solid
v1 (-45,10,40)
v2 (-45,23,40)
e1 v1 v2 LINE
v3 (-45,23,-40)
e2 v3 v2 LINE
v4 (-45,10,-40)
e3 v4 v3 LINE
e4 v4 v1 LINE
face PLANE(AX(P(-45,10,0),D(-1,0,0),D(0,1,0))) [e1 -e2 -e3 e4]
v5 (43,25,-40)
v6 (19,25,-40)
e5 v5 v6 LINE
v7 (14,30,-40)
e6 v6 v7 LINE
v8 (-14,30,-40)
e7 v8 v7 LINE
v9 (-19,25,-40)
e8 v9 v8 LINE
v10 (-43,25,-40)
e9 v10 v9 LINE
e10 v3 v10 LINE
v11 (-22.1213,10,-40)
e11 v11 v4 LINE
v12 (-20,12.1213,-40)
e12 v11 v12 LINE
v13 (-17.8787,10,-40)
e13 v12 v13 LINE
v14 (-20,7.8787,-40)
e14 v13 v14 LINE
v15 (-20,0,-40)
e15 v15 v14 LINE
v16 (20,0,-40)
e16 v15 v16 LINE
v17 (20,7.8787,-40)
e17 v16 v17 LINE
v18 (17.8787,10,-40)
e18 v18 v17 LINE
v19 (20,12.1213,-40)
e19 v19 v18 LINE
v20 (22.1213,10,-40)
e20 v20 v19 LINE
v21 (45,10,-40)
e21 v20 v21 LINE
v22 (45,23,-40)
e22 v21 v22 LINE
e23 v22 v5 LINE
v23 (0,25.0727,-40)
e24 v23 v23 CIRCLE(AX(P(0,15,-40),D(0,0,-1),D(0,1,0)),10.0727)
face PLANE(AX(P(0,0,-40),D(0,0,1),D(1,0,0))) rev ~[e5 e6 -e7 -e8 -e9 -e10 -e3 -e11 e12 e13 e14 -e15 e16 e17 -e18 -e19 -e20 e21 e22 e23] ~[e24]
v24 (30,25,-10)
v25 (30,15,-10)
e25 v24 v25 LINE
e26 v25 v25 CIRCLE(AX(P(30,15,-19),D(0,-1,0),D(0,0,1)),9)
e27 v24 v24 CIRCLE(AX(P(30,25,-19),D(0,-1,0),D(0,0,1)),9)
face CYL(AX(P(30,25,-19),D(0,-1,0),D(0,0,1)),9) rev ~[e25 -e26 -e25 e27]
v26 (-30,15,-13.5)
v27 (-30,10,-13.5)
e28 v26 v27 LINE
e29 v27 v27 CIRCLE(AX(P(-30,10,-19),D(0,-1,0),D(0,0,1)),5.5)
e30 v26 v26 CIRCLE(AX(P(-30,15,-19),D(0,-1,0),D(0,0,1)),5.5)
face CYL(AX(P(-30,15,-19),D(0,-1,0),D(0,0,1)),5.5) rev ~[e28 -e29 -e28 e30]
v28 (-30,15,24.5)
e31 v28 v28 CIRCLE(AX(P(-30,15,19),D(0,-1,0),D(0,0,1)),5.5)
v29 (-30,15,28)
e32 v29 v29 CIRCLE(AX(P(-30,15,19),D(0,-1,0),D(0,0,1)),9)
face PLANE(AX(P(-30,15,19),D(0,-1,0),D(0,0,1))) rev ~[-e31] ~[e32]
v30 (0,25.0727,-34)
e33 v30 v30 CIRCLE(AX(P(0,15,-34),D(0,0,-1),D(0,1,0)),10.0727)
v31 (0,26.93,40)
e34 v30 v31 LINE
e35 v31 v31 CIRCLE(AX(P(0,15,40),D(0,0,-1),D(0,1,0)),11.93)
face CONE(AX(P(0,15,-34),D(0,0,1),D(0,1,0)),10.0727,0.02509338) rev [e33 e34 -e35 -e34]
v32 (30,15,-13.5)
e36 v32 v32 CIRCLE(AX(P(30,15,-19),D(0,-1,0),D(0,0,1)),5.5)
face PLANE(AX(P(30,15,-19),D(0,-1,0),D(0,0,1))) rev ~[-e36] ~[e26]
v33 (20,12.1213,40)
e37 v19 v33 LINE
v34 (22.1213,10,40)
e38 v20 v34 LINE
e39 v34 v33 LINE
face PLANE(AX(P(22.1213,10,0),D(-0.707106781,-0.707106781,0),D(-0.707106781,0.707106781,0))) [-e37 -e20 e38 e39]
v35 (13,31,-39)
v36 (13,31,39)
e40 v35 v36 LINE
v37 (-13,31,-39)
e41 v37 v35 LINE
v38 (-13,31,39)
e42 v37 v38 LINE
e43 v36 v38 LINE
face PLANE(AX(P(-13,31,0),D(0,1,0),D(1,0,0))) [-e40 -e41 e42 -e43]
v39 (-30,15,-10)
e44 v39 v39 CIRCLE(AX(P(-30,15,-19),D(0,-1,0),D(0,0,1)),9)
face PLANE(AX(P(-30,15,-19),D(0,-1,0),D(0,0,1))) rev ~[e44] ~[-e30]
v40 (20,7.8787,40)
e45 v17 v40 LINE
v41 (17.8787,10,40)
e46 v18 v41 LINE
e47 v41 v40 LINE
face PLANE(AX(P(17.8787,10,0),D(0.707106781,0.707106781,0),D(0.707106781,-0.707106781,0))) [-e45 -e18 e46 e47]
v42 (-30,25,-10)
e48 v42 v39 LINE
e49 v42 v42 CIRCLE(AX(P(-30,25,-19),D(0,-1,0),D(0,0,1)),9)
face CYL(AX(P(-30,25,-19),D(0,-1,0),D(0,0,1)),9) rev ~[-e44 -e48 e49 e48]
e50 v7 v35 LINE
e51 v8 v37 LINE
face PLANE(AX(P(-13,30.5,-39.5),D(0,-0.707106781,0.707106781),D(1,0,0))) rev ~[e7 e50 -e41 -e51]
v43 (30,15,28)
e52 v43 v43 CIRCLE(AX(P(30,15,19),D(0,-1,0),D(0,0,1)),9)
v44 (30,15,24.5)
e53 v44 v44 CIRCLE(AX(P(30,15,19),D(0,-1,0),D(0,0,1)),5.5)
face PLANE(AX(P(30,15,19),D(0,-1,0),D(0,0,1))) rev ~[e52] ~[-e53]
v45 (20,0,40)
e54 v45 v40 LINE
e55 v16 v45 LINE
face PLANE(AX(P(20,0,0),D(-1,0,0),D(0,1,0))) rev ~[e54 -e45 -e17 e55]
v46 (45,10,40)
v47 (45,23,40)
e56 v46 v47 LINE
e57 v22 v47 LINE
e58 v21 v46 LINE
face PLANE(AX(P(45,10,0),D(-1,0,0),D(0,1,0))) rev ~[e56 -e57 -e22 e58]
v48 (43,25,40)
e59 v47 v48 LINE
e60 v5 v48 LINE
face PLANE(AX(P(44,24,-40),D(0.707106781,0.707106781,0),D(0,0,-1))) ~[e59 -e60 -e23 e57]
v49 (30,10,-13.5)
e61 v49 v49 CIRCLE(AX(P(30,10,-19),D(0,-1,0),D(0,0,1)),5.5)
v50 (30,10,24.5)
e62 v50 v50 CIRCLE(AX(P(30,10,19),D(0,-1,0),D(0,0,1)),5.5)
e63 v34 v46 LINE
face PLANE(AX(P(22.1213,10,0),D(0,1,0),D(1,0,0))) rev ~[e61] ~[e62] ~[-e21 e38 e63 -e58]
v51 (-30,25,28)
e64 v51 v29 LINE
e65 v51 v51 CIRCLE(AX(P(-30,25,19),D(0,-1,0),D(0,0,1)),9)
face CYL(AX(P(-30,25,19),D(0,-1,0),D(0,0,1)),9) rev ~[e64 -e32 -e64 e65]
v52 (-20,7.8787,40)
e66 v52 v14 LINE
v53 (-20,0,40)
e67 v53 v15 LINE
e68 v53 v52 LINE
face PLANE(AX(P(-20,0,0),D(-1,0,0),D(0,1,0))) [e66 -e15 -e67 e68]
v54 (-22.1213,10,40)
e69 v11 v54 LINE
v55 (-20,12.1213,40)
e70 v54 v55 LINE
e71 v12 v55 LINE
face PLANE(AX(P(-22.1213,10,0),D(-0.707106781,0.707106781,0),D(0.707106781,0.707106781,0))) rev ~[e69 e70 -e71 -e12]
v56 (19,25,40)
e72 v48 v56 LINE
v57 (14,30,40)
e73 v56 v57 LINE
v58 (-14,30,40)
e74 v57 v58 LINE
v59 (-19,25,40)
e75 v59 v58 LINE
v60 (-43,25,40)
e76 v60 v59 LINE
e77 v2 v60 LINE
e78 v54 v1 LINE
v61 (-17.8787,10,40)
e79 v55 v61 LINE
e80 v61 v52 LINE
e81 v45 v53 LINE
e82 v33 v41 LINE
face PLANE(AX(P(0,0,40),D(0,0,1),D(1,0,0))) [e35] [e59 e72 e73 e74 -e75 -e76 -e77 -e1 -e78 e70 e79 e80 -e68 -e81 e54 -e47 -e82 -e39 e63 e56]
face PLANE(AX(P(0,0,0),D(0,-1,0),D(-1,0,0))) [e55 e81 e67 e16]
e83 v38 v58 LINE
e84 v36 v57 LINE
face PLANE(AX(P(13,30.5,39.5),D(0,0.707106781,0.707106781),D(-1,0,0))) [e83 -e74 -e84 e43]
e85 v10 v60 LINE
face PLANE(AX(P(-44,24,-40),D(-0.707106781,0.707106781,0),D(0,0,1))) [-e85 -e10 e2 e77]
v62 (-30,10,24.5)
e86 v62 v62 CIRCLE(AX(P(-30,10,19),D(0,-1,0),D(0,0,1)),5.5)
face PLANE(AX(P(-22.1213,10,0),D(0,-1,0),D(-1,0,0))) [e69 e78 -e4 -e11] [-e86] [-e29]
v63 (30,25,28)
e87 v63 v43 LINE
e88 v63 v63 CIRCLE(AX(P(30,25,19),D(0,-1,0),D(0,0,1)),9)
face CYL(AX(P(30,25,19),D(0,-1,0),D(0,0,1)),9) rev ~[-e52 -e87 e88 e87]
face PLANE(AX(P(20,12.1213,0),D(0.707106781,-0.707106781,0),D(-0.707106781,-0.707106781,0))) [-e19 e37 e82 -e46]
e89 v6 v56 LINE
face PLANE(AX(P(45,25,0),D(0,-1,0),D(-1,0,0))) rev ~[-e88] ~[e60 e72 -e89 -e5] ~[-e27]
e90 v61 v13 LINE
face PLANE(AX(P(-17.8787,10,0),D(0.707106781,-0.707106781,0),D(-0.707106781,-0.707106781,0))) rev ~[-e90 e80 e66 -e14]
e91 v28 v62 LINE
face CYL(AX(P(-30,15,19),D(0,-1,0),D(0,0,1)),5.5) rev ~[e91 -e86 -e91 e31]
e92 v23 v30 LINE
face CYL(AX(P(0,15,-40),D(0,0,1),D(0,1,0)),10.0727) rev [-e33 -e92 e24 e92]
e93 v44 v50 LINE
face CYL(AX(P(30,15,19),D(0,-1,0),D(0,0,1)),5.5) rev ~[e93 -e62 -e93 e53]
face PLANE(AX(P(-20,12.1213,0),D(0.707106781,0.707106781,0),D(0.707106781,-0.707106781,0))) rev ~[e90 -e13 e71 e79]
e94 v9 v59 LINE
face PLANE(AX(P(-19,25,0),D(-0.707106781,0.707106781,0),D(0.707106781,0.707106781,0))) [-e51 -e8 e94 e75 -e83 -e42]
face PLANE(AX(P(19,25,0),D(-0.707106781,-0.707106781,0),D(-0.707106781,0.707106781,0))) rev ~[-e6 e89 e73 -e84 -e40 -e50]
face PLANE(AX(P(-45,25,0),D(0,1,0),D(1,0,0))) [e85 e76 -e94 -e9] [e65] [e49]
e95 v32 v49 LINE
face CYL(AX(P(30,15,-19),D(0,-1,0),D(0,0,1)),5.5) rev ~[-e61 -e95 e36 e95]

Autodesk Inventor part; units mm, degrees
ref_plane "YZ Plane" through (0, 0, 0) normal (1, 0, 0) x (0, 1, 0)
ref_plane "XZ Plane" through (0, 0, 0) normal (0, 1, 0) x (-1, 0, 0)
ref_plane "XY Plane" through (0, 0, 0) normal (0, 0, 1) x (1, 0, 0)
sketch "Sketch1" plane through (0, 0, 0) normal (0, 0, 1) x (1, 0, 0)
  line L0 (0, 0) -> (0, 31)
  line L1 (0, 0) -> (-20, 0)
  line L2 (-20, 0) -> (-20, 7.8787)
  line L3 (-22.1213, 10) -> (-45, 10)
  line L4 (-45, 10) -> (-45, 25)
  line L5 (-45, 25) -> (-19, 25)
  line L6 (-19, 25) -> (-13, 31)
  line L7 (-13, 31) -> (0, 31)
  line L8 (-22.1213, 10) -> (-20, 12.1213)
  line L9 (-20, 12.1213) -> (-17.8787, 10)
  line L10 (-17.8787, 10) -> (-20, 7.8787)
  line L11 (0, 0) -> (20, 0)
  line L12 (20, 0) -> (20, 7.8787)
  line L13 (22.1213, 10) -> (45, 10)
  line L14 (45, 10) -> (45, 25)
  line L15 (45, 25) -> (19, 25)
  line L16 (19, 25) -> (13, 31)
  line L17 (13, 31) -> (0, 31)
  line L18 (22.1213, 10) -> (20, 12.1213)
  line L19 (20, 12.1213) -> (17.8787, 10)
  line L20 (17.8787, 10) -> (20, 7.8787)
  dimension "d0" = 31
  dimension "d1" = 10
  dimension "d2" = 15
  dimension "d3" = 45
  dimension "d4" = 3
  dimension "d5" = 38
  dimension "d6" = 90
  dimension "d7" = 40
extrude "Extrusion1" add sketch "Sketch1" along normal mid plane 80
sketch "Sketch2" plane through (0, 0, 0) normal (1, 0, 0) x (0, 1, 0)
  line L0 (15, 40) -> (15, -40)
  line L1 (15, -40) -> (25.0727, -40)
  line L2 (25.0727, -40) -> (25.0727, -34)
  line L3 (25.0727, -34) -> (26.93, 40)
  line L4 (26.93, 40) -> (15, 40)
  line L5 (0, -40) -> (0, 40) projected
  point P0 (0, 0)
  point P1 (31, 40)
  point P2 (31, -40)
  dimension "d10" = 74
  dimension "d11" = 23.86
  dimension "d12" = 1.438
  dimension "d13" = 15
revolve "Revolution1" cut sketch "Sketch2" angle 360 about axis through (0, 15, 40) along (0, 0, -1)
sketch "Sketch3" plane through (19, 25, 40) normal (0, 1, 0) x (1, 0, 0)
  point P0 (-19, 40)
  point P1 (-49, 21)
  dimension "d15" = 19
  dimension "d16" = 30
hole "Hole1" at (-30, 25, 19) direction (0, -1, 0) diameter 11 end through all counterbore diameter 18 counterbore depth 10
pattern_linear "Rectangular Pattern1" count 2 spacing 60 along (1, 0, 0) count 2 spacing 38 along (0, 0, -1) of "Hole1"
chamfer "Chamfer1" distance 2 angle 45 2 edges at (-45, 25, 0) (45, 25, 0)
chamfer "Chamfer2" distance 1 angle 45 2 edges at (0, 31, 40) (0, 31, -40)
properties part number "Part040. Tool Holder" material "Steel, Alloy"
